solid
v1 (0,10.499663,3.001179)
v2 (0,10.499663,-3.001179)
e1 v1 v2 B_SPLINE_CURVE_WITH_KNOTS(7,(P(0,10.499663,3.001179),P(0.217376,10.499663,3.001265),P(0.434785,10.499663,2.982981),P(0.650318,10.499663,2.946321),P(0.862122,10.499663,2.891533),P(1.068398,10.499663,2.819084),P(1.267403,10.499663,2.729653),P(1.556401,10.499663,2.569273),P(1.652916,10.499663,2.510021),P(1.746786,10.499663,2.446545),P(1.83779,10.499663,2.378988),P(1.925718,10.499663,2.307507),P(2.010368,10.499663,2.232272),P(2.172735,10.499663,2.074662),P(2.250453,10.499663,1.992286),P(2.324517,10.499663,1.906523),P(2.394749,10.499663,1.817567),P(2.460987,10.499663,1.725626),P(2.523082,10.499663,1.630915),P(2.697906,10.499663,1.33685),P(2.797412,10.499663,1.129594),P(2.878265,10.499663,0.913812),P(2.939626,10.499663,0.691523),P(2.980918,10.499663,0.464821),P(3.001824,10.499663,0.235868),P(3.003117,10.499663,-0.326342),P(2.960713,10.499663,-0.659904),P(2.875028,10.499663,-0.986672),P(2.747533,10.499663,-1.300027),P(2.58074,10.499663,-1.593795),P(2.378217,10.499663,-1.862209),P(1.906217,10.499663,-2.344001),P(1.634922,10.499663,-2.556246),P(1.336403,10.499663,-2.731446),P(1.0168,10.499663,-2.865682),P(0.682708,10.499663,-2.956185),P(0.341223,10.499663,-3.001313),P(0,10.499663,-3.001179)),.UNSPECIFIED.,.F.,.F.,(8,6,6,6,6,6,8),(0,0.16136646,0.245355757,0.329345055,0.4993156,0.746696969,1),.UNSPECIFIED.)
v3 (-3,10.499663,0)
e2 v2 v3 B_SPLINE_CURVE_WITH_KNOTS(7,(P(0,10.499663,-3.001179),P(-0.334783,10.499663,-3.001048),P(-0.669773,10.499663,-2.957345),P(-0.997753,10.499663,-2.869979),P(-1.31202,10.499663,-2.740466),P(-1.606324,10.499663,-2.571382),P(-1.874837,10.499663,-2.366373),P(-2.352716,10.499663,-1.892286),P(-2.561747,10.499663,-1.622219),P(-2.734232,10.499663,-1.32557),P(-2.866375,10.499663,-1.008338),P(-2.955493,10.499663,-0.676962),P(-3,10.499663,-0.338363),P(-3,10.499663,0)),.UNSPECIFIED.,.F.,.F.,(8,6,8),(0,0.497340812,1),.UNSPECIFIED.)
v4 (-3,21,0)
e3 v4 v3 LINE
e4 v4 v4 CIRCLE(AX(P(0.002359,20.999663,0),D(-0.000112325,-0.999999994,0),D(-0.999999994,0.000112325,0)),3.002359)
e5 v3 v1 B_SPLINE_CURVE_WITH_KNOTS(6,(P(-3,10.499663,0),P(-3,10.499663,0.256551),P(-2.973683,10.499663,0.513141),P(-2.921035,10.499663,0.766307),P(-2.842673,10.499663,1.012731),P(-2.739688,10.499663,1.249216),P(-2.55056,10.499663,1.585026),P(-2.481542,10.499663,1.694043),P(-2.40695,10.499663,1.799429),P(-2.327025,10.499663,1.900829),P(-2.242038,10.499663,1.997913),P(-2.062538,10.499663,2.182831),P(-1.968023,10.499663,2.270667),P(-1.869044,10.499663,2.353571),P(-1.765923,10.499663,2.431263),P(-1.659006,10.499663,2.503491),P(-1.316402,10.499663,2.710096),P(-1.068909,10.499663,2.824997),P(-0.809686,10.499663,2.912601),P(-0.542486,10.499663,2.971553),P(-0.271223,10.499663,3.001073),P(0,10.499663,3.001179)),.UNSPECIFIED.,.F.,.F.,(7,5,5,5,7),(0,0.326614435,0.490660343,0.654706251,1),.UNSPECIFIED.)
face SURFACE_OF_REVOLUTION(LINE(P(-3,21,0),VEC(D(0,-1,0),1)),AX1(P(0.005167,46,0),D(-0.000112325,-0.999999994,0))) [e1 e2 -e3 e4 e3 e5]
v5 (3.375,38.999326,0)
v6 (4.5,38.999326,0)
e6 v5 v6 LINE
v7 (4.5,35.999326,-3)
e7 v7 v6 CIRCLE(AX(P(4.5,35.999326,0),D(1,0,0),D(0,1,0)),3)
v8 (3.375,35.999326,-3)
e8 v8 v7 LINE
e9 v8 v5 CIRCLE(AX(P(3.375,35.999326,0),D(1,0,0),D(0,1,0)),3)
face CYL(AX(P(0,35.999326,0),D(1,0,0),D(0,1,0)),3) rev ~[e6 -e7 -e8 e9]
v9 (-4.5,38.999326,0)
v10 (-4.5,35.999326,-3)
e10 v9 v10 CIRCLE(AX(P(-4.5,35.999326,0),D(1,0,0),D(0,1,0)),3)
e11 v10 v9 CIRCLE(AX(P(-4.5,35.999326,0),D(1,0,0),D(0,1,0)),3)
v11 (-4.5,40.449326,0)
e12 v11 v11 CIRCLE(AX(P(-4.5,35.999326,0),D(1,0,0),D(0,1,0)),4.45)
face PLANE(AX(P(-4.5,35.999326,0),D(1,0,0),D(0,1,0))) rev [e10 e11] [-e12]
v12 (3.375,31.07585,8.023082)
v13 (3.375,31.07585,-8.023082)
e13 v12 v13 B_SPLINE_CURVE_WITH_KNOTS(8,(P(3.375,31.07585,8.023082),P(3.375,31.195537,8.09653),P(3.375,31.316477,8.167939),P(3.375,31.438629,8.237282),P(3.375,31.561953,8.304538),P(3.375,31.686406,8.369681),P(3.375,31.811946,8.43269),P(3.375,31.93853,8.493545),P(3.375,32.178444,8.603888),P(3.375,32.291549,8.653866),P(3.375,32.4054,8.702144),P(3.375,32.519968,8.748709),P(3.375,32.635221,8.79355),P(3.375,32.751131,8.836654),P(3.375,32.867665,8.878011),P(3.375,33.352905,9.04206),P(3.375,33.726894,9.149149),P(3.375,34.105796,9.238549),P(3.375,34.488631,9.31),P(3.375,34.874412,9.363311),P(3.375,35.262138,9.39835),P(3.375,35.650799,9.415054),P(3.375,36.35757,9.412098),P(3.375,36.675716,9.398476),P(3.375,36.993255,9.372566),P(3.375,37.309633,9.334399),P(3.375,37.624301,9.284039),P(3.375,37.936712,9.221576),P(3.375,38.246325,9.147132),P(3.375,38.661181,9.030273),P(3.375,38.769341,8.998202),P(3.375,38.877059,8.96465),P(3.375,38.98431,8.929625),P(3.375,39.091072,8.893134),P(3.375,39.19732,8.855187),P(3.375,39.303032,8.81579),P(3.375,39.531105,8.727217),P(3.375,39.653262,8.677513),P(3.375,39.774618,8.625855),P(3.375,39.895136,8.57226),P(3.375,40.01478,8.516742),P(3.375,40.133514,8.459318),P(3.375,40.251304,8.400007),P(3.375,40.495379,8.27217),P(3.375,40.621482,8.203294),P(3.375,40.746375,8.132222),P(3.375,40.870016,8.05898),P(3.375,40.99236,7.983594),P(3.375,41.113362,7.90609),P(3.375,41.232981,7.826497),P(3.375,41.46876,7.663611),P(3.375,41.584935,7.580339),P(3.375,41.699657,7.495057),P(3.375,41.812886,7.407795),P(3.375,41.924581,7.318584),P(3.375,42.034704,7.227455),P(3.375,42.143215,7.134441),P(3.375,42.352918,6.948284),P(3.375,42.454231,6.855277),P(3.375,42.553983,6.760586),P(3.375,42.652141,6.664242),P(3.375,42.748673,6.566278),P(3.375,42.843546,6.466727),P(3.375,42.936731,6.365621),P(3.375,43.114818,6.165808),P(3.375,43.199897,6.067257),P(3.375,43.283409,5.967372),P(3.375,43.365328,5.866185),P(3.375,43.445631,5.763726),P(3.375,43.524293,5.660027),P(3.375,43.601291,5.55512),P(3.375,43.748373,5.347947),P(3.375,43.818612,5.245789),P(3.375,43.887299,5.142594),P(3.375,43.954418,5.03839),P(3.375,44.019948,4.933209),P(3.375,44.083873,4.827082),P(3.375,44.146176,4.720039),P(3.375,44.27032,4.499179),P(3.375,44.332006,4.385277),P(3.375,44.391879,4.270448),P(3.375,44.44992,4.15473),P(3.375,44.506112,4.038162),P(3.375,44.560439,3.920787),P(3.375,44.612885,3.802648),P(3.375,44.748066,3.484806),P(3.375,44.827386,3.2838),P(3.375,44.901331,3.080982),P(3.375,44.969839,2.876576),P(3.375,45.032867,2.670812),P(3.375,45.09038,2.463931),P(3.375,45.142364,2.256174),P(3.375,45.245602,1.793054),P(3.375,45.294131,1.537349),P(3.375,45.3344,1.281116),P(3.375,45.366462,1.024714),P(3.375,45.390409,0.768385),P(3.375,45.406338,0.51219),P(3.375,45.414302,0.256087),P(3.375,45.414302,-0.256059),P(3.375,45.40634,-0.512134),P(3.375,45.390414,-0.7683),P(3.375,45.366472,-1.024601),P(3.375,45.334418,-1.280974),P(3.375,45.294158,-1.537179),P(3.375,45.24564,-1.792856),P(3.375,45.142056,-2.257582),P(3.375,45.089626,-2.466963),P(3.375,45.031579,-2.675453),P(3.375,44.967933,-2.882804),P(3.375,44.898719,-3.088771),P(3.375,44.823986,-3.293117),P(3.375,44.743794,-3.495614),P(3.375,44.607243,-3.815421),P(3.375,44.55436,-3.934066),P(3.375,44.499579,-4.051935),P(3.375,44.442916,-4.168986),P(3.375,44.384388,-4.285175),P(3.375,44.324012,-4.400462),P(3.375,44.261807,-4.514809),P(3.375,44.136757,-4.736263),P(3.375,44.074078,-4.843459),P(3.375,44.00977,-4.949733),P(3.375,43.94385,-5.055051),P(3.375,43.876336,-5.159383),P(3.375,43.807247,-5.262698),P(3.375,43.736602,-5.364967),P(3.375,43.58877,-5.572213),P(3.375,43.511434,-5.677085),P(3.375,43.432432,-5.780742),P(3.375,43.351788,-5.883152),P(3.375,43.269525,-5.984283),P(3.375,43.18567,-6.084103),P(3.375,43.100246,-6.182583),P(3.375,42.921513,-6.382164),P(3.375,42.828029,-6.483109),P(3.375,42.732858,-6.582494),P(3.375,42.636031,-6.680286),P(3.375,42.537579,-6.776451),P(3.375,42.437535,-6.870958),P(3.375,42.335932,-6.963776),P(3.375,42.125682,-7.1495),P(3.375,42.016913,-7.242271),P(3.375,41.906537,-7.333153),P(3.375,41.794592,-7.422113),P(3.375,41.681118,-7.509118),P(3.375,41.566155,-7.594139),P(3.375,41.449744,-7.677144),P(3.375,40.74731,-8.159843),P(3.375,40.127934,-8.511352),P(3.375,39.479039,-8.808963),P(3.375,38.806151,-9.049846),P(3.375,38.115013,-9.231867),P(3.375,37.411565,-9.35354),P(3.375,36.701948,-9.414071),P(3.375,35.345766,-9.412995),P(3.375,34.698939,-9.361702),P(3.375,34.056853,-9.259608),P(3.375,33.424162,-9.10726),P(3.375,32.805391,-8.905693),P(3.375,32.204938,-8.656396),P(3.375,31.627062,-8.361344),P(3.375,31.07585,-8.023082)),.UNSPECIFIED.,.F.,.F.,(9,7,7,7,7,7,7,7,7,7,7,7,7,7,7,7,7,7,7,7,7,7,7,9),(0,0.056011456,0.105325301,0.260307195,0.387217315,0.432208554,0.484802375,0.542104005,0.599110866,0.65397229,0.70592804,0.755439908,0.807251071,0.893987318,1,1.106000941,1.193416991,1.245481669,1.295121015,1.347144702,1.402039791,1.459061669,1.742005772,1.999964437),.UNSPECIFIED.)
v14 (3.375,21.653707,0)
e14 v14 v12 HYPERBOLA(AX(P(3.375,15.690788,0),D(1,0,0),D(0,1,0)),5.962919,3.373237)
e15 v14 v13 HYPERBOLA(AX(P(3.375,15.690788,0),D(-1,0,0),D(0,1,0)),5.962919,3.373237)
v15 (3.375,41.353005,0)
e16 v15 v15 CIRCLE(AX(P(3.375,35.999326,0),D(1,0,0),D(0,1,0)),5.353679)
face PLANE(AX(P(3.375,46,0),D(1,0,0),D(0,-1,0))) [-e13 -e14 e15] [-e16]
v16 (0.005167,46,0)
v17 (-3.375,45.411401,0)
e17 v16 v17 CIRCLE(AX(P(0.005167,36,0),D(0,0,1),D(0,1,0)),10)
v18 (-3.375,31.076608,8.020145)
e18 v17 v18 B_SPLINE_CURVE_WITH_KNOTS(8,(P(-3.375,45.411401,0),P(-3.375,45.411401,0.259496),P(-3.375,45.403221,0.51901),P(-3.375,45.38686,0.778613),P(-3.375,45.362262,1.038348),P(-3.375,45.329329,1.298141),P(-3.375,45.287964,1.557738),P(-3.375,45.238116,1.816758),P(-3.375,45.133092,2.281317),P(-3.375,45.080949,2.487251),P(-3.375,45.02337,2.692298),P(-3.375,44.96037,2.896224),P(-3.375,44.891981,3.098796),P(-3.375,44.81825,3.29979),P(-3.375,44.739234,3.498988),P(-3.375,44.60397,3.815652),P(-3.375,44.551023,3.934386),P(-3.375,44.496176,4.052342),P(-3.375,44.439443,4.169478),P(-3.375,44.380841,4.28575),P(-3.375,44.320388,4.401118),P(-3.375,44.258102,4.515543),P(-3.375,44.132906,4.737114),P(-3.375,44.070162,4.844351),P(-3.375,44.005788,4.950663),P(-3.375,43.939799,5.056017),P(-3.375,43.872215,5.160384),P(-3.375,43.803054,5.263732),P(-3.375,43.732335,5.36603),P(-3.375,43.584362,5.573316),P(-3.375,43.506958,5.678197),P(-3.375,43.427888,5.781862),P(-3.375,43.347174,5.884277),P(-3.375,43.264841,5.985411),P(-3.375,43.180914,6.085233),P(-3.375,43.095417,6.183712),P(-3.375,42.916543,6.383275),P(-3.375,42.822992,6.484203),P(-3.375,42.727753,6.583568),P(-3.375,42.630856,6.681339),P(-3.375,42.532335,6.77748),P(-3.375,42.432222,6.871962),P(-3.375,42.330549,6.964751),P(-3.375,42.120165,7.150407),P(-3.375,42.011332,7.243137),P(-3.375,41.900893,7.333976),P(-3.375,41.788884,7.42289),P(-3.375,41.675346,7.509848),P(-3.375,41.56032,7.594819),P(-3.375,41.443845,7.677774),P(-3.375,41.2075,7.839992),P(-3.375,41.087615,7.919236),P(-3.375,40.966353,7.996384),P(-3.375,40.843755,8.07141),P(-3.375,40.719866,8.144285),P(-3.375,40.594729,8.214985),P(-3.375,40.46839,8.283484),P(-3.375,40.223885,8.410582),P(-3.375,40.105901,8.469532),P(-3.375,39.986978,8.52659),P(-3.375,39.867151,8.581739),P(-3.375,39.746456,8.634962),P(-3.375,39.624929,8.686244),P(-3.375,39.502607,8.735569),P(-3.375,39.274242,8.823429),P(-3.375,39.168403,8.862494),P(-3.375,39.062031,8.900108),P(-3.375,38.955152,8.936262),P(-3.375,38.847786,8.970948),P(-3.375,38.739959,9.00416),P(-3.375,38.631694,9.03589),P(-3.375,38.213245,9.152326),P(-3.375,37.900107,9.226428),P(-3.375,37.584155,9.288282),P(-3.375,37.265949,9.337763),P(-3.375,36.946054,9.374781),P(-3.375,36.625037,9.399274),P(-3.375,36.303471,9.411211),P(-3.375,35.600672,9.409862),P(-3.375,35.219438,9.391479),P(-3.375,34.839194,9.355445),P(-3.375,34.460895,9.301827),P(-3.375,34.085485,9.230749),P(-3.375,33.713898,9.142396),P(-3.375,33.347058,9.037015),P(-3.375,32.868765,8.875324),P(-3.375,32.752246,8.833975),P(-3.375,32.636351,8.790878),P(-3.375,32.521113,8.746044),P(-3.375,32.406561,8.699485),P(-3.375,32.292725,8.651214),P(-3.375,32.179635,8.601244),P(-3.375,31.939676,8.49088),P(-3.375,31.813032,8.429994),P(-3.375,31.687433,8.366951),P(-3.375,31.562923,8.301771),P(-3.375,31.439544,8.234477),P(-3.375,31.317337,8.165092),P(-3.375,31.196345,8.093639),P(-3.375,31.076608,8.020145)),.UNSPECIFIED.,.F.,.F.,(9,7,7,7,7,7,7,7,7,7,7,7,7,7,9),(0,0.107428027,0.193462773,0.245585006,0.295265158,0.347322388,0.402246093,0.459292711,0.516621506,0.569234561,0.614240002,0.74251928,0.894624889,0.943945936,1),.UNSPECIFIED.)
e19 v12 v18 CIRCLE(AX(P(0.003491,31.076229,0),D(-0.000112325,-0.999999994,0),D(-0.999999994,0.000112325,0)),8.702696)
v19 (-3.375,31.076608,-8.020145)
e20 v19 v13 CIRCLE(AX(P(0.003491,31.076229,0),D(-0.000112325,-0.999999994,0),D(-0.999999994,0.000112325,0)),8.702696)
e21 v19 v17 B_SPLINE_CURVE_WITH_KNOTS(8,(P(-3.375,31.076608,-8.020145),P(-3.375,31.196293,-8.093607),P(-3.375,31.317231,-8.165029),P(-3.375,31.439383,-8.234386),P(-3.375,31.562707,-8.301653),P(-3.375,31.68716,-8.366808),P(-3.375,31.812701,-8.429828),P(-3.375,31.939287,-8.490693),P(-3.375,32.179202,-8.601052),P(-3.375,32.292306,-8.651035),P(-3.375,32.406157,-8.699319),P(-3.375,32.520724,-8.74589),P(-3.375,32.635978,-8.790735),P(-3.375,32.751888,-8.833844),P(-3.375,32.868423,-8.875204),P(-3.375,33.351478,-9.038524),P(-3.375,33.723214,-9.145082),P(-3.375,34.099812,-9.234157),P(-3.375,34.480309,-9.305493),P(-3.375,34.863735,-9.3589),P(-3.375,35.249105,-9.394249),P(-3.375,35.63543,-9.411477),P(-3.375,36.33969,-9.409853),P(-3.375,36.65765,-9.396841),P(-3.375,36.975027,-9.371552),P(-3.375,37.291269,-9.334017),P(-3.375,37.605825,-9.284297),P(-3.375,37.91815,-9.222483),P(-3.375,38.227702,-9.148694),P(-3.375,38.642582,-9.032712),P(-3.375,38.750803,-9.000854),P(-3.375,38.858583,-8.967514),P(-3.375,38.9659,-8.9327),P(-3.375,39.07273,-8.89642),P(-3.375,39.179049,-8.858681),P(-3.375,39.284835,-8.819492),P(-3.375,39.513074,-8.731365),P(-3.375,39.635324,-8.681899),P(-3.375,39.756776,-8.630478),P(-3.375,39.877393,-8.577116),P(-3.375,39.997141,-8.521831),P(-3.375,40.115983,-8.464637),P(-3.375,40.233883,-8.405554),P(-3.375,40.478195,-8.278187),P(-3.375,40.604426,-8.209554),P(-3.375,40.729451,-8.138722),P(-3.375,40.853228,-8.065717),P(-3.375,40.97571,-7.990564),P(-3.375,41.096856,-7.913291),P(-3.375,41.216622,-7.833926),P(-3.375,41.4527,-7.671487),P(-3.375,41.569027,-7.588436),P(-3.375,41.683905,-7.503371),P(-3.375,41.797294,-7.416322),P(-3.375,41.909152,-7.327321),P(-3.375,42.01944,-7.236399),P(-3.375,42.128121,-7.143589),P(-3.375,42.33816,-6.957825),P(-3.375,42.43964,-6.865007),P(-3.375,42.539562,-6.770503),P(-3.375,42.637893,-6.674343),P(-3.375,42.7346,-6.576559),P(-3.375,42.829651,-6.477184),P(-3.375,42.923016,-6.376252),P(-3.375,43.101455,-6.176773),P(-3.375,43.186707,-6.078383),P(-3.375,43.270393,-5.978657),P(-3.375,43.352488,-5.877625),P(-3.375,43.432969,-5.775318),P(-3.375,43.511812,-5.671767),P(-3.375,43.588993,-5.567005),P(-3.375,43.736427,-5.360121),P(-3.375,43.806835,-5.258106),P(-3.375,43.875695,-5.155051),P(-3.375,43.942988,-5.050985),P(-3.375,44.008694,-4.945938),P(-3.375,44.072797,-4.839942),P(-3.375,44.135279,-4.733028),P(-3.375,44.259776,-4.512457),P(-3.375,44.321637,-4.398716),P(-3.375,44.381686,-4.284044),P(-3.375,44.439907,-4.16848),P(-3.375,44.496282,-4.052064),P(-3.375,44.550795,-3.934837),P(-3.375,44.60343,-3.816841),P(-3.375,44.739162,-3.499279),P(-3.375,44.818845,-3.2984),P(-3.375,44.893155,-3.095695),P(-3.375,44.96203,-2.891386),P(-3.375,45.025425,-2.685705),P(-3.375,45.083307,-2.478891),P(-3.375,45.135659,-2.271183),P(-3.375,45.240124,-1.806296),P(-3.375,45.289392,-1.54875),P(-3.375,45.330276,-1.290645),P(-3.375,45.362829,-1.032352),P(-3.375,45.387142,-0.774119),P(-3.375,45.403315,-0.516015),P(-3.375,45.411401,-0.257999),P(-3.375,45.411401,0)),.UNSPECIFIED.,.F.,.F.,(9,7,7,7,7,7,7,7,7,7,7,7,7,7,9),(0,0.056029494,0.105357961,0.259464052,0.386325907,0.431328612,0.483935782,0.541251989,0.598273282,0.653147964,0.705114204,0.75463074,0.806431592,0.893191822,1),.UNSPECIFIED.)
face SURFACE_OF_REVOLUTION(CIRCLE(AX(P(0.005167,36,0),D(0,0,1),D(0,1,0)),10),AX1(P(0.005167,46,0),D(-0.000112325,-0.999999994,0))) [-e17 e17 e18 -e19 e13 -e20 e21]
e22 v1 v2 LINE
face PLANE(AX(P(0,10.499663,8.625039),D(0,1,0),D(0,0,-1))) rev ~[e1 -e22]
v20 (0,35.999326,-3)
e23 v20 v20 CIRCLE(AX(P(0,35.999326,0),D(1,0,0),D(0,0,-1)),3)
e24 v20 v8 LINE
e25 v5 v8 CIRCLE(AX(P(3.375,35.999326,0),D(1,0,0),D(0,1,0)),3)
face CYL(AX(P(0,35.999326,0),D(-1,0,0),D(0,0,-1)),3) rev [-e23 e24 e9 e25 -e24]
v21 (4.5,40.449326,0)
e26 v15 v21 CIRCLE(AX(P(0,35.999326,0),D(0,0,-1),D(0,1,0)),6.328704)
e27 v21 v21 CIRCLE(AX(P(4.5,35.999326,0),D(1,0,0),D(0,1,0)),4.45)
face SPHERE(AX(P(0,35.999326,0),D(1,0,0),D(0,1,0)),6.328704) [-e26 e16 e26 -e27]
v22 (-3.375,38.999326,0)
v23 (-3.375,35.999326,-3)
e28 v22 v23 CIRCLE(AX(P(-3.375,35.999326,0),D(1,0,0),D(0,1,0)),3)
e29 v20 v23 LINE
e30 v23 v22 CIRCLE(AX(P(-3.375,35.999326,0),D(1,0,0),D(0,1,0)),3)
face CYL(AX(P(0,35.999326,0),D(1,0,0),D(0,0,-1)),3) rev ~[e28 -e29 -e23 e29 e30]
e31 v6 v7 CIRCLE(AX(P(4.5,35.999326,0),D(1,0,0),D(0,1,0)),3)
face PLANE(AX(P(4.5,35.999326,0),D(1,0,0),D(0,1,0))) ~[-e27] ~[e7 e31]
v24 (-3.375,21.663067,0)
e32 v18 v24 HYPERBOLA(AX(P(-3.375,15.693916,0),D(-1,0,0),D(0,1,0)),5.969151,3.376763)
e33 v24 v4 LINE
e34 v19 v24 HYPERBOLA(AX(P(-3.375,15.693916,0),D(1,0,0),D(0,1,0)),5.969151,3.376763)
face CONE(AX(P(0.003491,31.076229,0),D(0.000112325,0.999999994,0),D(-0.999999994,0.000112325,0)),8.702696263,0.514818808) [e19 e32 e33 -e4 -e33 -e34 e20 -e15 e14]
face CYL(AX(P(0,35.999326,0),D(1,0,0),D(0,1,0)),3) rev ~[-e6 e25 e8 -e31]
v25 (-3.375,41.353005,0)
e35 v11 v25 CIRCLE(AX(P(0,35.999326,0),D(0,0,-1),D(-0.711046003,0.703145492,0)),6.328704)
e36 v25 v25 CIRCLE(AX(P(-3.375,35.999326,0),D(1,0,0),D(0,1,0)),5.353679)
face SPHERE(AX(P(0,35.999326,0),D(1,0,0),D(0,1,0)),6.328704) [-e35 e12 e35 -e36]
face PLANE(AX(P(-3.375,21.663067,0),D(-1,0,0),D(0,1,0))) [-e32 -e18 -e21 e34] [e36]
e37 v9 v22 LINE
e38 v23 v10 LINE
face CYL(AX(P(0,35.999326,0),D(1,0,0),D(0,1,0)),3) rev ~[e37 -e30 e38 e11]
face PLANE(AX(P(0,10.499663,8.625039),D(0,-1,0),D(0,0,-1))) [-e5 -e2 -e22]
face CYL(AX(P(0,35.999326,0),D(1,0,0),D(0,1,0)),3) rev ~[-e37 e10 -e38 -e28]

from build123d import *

# Parameters (mm, degrees)
WYTNIJ_WYCI_GNI_CIE1_DEPTH      = 10.998876849
WYTNIJ_WYCI_GNI_CIE1_DEPTH_BACK = 10.998876849
SZKIC4_W                        = 1.45
SZKIC4_H                        = 9
SZKIC8_R                        = 3
WYTNIJ_WYCI_GNI_CIE3_DEPTH      = 5.5
WYTNIJ_WYCI_GNI_CIE3_DEPTH_BACK = 5.5
SKETCH2_W                       = 18.954630749
SKETCH2_H                       = 12.318293367
CUT_EXTRUDE2_DEPTH              = 5.5
CUT_EXTRUDE2_DEPTH_BACK         = 5.5


with BuildPart() as part:
    # Szkic1 one side → Obrót4 (revolve)
    with BuildSketch(Plane.XY):
        with BuildLine():
            Line((-3, 21), (-3, 0))
            Line((-3, 0), (0, 0))
            Line((0, 0), (0.005166955, 46))
            ThreePointArc((0.005166955, 46), (-8.632770826, 41.038455208), (-8.699205566, 31.077206177))
            Line((-8.699205566, 31.077206177), (-3, 21))
        make_face()
    revolve(axis=Axis((0.005166955, 46, 0), (-0.000112325, -0.999999994, 0)))

    # Szkic2 → Wytnij-wyciągnięcie1 (cut, two sides)
    with BuildSketch(Plane.XY) as wytnij_wyci_gni_cie1_sk:
        Polygon((-3.375, 46), (-20, 46), (-20, 10.866665268), (-3.375, 21.663066505), align=None)
        Polygon((20, 46), (3.375, 46), (3.375, 21.65370739), (20, 10.857306153), align=None)
    extrude(amount=WYTNIJ_WYCI_GNI_CIE1_DEPTH, mode=Mode.SUBTRACT)
    extrude(wytnij_wyci_gni_cie1_sk.sketch, amount=-WYTNIJ_WYCI_GNI_CIE1_DEPTH_BACK, mode=Mode.SUBTRACT)

    # Szkic4 → Obrót5 (revolve)
    with BuildSketch(Plane.YX):
        with BuildLine():
            Line((40.449326049, 4.5), (40.449326049, -4.5))
            ThreePointArc((40.449326049, -4.5), (41.839498769, -2.438212993), (42.328030498, 0))
            ThreePointArc((42.328030498, 0), (41.839498769, 2.438212993), (40.449326049, 4.5))
        make_face()
        with Locations((39.724326049, 0)):
            Rectangle(SZKIC4_W, SZKIC4_H)
    revolve(axis=Axis((-0.999999975, 35.999326049, 0), (1, 0, 0)))

    # Szkic8 → Wytnij-wyciągnięcie3 (cut, two sides)
    with BuildSketch(Plane(origin=(0, 0, 0), x_dir=(0, 0, -1), z_dir=(1, 0, 0))) as wytnij_wyci_gni_cie3_sk:
        with Locations((0, 35.999326049)):
            Circle(SZKIC8_R)
    extrude(amount=WYTNIJ_WYCI_GNI_CIE3_DEPTH, mode=Mode.SUBTRACT)
    extrude(wytnij_wyci_gni_cie3_sk.sketch, amount=-WYTNIJ_WYCI_GNI_CIE3_DEPTH_BACK, mode=Mode.SUBTRACT)

    # Sketch2 → Cut-Extrude2 (cut, two sides)
    with BuildSketch(Plane(origin=(0, 0, 0), x_dir=(0, 0, -1), z_dir=(1, 0, 0))) as cut_extrude2_sk:
        with Locations((0.852276563, 4.340516208)):
            Rectangle(SKETCH2_W, SKETCH2_H)
    extrude(amount=CUT_EXTRUDE2_DEPTH, mode=Mode.SUBTRACT)
    extrude(cut_extrude2_sk.sketch, amount=-CUT_EXTRUDE2_DEPTH_BACK, mode=Mode.SUBTRACT)


solid = part.part
